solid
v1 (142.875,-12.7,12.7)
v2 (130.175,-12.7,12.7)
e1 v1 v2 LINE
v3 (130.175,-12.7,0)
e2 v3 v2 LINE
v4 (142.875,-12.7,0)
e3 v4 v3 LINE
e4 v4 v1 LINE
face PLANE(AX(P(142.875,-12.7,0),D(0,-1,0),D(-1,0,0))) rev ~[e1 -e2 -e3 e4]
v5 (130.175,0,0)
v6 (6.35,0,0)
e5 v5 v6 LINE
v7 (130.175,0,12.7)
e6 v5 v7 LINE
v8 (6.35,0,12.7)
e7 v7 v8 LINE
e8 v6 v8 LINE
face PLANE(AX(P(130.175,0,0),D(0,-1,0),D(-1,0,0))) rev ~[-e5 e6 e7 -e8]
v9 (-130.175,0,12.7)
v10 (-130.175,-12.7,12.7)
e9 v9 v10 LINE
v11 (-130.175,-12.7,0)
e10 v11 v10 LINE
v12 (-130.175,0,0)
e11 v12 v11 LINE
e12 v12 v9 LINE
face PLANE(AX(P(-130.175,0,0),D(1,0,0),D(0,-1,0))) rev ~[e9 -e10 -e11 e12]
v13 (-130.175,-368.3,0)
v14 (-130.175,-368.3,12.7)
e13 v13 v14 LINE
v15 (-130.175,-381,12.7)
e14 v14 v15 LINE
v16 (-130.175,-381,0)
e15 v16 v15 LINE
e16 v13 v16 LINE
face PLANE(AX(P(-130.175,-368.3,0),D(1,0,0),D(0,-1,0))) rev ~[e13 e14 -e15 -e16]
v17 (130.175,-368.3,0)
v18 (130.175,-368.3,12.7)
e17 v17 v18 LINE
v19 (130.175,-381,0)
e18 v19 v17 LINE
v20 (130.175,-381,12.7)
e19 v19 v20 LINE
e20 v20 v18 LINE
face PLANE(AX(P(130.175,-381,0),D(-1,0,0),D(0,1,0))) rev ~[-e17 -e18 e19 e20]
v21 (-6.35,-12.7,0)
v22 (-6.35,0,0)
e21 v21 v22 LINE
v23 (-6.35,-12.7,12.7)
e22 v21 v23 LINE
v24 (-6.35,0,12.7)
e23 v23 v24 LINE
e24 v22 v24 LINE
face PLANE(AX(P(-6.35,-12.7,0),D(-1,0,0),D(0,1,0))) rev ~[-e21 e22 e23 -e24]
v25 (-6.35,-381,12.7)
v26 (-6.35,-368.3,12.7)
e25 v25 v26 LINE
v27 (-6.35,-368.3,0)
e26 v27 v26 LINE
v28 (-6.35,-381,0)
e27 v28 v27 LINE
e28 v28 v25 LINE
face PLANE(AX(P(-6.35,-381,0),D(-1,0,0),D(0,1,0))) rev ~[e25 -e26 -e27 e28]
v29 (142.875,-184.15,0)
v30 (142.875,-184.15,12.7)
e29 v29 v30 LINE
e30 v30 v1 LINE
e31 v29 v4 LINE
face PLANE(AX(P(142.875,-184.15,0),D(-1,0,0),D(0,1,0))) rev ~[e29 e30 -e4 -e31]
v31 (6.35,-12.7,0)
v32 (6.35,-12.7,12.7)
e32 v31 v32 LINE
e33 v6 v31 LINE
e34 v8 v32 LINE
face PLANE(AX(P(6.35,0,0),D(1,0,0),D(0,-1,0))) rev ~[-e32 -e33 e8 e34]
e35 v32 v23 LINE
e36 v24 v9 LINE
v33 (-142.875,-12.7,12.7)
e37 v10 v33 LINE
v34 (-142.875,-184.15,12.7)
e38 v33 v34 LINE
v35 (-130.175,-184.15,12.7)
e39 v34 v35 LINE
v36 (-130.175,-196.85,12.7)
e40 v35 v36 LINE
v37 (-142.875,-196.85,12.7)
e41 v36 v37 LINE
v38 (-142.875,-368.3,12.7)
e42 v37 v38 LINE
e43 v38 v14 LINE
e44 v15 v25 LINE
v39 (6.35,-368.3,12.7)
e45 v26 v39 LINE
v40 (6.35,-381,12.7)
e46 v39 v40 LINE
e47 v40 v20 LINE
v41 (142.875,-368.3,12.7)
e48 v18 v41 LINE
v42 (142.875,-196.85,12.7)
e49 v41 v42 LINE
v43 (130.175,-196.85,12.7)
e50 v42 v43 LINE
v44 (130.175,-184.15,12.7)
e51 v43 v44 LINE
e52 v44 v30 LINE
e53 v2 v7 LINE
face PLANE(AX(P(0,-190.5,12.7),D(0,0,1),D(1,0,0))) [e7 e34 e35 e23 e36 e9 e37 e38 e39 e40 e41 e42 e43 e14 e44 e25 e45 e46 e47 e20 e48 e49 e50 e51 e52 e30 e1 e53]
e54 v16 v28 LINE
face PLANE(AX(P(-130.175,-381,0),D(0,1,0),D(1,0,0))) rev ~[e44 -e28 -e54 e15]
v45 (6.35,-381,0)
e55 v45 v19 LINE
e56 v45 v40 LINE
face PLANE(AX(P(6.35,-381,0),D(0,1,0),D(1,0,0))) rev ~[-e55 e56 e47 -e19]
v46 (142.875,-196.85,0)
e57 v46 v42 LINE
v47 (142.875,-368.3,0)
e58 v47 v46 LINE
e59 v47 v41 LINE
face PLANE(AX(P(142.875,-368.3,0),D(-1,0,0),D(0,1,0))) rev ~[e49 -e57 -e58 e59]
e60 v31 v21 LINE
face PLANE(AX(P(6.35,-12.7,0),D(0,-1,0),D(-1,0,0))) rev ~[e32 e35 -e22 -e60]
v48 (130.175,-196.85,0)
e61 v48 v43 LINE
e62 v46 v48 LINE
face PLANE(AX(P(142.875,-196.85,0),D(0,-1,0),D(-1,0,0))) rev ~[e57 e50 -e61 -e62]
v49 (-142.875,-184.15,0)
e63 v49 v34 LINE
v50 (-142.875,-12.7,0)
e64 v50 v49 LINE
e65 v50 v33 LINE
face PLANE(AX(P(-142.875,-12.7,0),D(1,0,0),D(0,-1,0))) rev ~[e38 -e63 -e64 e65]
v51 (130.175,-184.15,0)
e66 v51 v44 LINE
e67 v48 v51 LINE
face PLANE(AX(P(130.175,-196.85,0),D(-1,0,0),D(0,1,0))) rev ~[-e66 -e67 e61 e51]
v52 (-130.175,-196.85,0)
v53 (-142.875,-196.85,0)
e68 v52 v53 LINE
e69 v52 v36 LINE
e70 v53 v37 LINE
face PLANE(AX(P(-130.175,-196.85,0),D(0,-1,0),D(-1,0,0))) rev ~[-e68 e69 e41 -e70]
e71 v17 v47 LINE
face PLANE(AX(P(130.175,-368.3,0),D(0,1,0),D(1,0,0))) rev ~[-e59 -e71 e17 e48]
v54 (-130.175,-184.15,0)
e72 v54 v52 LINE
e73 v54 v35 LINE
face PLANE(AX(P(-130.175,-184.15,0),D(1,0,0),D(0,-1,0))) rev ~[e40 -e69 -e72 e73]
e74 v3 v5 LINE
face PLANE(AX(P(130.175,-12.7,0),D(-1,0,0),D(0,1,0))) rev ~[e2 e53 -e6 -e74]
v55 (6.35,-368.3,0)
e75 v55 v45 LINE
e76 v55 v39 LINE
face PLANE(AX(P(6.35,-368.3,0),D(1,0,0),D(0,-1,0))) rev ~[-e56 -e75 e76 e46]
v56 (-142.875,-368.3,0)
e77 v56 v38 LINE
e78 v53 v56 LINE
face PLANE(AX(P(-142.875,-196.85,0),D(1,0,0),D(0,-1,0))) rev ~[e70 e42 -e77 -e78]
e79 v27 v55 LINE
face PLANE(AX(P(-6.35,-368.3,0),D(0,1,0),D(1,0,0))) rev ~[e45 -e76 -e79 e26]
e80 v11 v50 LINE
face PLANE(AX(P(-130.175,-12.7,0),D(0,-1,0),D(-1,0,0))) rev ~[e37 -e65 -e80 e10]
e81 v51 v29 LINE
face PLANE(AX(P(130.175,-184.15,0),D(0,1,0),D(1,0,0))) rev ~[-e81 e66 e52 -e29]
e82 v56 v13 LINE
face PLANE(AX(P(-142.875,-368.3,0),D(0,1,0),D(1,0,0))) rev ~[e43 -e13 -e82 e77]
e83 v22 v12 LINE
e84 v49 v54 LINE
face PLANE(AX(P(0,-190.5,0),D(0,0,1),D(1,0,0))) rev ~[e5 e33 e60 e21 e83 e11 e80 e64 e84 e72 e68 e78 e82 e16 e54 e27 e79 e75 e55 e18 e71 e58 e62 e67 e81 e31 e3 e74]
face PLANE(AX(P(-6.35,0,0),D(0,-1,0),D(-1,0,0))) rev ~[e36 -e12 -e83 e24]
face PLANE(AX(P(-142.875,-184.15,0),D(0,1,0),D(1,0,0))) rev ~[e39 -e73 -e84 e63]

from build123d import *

# Parameters (mm, degrees)
F1_DEPTH = 12.7


with BuildPart() as f1:
    # F0 (on Top) → F1 (new body)
    with BuildSketch(Plane.XY):
        Polygon((-6.35, 0), (-130.175, 0), (-130.175, -12.7), (-142.875, -12.7), (-142.875, -184.15), (-130.175, -184.15), (-130.175, -196.85), (-142.875, -196.85), (-142.875, -368.3), (-130.175, -368.3), (-130.175, -381), (-6.35, -381), (-6.35, -368.3), (6.35, -368.3), (6.35, -381), (130.175, -381), (130.175, -368.3), (142.875, -368.3), (142.875, -196.85), (130.175, -196.85), (130.175, -184.15), (142.875, -184.15), (142.875, -12.7), (130.175, -12.7), (130.175, 0), (6.35, 0), (6.35, -12.7), (-6.35, -12.7), align=None)
    extrude(amount=F1_DEPTH)


solid = f1.part
